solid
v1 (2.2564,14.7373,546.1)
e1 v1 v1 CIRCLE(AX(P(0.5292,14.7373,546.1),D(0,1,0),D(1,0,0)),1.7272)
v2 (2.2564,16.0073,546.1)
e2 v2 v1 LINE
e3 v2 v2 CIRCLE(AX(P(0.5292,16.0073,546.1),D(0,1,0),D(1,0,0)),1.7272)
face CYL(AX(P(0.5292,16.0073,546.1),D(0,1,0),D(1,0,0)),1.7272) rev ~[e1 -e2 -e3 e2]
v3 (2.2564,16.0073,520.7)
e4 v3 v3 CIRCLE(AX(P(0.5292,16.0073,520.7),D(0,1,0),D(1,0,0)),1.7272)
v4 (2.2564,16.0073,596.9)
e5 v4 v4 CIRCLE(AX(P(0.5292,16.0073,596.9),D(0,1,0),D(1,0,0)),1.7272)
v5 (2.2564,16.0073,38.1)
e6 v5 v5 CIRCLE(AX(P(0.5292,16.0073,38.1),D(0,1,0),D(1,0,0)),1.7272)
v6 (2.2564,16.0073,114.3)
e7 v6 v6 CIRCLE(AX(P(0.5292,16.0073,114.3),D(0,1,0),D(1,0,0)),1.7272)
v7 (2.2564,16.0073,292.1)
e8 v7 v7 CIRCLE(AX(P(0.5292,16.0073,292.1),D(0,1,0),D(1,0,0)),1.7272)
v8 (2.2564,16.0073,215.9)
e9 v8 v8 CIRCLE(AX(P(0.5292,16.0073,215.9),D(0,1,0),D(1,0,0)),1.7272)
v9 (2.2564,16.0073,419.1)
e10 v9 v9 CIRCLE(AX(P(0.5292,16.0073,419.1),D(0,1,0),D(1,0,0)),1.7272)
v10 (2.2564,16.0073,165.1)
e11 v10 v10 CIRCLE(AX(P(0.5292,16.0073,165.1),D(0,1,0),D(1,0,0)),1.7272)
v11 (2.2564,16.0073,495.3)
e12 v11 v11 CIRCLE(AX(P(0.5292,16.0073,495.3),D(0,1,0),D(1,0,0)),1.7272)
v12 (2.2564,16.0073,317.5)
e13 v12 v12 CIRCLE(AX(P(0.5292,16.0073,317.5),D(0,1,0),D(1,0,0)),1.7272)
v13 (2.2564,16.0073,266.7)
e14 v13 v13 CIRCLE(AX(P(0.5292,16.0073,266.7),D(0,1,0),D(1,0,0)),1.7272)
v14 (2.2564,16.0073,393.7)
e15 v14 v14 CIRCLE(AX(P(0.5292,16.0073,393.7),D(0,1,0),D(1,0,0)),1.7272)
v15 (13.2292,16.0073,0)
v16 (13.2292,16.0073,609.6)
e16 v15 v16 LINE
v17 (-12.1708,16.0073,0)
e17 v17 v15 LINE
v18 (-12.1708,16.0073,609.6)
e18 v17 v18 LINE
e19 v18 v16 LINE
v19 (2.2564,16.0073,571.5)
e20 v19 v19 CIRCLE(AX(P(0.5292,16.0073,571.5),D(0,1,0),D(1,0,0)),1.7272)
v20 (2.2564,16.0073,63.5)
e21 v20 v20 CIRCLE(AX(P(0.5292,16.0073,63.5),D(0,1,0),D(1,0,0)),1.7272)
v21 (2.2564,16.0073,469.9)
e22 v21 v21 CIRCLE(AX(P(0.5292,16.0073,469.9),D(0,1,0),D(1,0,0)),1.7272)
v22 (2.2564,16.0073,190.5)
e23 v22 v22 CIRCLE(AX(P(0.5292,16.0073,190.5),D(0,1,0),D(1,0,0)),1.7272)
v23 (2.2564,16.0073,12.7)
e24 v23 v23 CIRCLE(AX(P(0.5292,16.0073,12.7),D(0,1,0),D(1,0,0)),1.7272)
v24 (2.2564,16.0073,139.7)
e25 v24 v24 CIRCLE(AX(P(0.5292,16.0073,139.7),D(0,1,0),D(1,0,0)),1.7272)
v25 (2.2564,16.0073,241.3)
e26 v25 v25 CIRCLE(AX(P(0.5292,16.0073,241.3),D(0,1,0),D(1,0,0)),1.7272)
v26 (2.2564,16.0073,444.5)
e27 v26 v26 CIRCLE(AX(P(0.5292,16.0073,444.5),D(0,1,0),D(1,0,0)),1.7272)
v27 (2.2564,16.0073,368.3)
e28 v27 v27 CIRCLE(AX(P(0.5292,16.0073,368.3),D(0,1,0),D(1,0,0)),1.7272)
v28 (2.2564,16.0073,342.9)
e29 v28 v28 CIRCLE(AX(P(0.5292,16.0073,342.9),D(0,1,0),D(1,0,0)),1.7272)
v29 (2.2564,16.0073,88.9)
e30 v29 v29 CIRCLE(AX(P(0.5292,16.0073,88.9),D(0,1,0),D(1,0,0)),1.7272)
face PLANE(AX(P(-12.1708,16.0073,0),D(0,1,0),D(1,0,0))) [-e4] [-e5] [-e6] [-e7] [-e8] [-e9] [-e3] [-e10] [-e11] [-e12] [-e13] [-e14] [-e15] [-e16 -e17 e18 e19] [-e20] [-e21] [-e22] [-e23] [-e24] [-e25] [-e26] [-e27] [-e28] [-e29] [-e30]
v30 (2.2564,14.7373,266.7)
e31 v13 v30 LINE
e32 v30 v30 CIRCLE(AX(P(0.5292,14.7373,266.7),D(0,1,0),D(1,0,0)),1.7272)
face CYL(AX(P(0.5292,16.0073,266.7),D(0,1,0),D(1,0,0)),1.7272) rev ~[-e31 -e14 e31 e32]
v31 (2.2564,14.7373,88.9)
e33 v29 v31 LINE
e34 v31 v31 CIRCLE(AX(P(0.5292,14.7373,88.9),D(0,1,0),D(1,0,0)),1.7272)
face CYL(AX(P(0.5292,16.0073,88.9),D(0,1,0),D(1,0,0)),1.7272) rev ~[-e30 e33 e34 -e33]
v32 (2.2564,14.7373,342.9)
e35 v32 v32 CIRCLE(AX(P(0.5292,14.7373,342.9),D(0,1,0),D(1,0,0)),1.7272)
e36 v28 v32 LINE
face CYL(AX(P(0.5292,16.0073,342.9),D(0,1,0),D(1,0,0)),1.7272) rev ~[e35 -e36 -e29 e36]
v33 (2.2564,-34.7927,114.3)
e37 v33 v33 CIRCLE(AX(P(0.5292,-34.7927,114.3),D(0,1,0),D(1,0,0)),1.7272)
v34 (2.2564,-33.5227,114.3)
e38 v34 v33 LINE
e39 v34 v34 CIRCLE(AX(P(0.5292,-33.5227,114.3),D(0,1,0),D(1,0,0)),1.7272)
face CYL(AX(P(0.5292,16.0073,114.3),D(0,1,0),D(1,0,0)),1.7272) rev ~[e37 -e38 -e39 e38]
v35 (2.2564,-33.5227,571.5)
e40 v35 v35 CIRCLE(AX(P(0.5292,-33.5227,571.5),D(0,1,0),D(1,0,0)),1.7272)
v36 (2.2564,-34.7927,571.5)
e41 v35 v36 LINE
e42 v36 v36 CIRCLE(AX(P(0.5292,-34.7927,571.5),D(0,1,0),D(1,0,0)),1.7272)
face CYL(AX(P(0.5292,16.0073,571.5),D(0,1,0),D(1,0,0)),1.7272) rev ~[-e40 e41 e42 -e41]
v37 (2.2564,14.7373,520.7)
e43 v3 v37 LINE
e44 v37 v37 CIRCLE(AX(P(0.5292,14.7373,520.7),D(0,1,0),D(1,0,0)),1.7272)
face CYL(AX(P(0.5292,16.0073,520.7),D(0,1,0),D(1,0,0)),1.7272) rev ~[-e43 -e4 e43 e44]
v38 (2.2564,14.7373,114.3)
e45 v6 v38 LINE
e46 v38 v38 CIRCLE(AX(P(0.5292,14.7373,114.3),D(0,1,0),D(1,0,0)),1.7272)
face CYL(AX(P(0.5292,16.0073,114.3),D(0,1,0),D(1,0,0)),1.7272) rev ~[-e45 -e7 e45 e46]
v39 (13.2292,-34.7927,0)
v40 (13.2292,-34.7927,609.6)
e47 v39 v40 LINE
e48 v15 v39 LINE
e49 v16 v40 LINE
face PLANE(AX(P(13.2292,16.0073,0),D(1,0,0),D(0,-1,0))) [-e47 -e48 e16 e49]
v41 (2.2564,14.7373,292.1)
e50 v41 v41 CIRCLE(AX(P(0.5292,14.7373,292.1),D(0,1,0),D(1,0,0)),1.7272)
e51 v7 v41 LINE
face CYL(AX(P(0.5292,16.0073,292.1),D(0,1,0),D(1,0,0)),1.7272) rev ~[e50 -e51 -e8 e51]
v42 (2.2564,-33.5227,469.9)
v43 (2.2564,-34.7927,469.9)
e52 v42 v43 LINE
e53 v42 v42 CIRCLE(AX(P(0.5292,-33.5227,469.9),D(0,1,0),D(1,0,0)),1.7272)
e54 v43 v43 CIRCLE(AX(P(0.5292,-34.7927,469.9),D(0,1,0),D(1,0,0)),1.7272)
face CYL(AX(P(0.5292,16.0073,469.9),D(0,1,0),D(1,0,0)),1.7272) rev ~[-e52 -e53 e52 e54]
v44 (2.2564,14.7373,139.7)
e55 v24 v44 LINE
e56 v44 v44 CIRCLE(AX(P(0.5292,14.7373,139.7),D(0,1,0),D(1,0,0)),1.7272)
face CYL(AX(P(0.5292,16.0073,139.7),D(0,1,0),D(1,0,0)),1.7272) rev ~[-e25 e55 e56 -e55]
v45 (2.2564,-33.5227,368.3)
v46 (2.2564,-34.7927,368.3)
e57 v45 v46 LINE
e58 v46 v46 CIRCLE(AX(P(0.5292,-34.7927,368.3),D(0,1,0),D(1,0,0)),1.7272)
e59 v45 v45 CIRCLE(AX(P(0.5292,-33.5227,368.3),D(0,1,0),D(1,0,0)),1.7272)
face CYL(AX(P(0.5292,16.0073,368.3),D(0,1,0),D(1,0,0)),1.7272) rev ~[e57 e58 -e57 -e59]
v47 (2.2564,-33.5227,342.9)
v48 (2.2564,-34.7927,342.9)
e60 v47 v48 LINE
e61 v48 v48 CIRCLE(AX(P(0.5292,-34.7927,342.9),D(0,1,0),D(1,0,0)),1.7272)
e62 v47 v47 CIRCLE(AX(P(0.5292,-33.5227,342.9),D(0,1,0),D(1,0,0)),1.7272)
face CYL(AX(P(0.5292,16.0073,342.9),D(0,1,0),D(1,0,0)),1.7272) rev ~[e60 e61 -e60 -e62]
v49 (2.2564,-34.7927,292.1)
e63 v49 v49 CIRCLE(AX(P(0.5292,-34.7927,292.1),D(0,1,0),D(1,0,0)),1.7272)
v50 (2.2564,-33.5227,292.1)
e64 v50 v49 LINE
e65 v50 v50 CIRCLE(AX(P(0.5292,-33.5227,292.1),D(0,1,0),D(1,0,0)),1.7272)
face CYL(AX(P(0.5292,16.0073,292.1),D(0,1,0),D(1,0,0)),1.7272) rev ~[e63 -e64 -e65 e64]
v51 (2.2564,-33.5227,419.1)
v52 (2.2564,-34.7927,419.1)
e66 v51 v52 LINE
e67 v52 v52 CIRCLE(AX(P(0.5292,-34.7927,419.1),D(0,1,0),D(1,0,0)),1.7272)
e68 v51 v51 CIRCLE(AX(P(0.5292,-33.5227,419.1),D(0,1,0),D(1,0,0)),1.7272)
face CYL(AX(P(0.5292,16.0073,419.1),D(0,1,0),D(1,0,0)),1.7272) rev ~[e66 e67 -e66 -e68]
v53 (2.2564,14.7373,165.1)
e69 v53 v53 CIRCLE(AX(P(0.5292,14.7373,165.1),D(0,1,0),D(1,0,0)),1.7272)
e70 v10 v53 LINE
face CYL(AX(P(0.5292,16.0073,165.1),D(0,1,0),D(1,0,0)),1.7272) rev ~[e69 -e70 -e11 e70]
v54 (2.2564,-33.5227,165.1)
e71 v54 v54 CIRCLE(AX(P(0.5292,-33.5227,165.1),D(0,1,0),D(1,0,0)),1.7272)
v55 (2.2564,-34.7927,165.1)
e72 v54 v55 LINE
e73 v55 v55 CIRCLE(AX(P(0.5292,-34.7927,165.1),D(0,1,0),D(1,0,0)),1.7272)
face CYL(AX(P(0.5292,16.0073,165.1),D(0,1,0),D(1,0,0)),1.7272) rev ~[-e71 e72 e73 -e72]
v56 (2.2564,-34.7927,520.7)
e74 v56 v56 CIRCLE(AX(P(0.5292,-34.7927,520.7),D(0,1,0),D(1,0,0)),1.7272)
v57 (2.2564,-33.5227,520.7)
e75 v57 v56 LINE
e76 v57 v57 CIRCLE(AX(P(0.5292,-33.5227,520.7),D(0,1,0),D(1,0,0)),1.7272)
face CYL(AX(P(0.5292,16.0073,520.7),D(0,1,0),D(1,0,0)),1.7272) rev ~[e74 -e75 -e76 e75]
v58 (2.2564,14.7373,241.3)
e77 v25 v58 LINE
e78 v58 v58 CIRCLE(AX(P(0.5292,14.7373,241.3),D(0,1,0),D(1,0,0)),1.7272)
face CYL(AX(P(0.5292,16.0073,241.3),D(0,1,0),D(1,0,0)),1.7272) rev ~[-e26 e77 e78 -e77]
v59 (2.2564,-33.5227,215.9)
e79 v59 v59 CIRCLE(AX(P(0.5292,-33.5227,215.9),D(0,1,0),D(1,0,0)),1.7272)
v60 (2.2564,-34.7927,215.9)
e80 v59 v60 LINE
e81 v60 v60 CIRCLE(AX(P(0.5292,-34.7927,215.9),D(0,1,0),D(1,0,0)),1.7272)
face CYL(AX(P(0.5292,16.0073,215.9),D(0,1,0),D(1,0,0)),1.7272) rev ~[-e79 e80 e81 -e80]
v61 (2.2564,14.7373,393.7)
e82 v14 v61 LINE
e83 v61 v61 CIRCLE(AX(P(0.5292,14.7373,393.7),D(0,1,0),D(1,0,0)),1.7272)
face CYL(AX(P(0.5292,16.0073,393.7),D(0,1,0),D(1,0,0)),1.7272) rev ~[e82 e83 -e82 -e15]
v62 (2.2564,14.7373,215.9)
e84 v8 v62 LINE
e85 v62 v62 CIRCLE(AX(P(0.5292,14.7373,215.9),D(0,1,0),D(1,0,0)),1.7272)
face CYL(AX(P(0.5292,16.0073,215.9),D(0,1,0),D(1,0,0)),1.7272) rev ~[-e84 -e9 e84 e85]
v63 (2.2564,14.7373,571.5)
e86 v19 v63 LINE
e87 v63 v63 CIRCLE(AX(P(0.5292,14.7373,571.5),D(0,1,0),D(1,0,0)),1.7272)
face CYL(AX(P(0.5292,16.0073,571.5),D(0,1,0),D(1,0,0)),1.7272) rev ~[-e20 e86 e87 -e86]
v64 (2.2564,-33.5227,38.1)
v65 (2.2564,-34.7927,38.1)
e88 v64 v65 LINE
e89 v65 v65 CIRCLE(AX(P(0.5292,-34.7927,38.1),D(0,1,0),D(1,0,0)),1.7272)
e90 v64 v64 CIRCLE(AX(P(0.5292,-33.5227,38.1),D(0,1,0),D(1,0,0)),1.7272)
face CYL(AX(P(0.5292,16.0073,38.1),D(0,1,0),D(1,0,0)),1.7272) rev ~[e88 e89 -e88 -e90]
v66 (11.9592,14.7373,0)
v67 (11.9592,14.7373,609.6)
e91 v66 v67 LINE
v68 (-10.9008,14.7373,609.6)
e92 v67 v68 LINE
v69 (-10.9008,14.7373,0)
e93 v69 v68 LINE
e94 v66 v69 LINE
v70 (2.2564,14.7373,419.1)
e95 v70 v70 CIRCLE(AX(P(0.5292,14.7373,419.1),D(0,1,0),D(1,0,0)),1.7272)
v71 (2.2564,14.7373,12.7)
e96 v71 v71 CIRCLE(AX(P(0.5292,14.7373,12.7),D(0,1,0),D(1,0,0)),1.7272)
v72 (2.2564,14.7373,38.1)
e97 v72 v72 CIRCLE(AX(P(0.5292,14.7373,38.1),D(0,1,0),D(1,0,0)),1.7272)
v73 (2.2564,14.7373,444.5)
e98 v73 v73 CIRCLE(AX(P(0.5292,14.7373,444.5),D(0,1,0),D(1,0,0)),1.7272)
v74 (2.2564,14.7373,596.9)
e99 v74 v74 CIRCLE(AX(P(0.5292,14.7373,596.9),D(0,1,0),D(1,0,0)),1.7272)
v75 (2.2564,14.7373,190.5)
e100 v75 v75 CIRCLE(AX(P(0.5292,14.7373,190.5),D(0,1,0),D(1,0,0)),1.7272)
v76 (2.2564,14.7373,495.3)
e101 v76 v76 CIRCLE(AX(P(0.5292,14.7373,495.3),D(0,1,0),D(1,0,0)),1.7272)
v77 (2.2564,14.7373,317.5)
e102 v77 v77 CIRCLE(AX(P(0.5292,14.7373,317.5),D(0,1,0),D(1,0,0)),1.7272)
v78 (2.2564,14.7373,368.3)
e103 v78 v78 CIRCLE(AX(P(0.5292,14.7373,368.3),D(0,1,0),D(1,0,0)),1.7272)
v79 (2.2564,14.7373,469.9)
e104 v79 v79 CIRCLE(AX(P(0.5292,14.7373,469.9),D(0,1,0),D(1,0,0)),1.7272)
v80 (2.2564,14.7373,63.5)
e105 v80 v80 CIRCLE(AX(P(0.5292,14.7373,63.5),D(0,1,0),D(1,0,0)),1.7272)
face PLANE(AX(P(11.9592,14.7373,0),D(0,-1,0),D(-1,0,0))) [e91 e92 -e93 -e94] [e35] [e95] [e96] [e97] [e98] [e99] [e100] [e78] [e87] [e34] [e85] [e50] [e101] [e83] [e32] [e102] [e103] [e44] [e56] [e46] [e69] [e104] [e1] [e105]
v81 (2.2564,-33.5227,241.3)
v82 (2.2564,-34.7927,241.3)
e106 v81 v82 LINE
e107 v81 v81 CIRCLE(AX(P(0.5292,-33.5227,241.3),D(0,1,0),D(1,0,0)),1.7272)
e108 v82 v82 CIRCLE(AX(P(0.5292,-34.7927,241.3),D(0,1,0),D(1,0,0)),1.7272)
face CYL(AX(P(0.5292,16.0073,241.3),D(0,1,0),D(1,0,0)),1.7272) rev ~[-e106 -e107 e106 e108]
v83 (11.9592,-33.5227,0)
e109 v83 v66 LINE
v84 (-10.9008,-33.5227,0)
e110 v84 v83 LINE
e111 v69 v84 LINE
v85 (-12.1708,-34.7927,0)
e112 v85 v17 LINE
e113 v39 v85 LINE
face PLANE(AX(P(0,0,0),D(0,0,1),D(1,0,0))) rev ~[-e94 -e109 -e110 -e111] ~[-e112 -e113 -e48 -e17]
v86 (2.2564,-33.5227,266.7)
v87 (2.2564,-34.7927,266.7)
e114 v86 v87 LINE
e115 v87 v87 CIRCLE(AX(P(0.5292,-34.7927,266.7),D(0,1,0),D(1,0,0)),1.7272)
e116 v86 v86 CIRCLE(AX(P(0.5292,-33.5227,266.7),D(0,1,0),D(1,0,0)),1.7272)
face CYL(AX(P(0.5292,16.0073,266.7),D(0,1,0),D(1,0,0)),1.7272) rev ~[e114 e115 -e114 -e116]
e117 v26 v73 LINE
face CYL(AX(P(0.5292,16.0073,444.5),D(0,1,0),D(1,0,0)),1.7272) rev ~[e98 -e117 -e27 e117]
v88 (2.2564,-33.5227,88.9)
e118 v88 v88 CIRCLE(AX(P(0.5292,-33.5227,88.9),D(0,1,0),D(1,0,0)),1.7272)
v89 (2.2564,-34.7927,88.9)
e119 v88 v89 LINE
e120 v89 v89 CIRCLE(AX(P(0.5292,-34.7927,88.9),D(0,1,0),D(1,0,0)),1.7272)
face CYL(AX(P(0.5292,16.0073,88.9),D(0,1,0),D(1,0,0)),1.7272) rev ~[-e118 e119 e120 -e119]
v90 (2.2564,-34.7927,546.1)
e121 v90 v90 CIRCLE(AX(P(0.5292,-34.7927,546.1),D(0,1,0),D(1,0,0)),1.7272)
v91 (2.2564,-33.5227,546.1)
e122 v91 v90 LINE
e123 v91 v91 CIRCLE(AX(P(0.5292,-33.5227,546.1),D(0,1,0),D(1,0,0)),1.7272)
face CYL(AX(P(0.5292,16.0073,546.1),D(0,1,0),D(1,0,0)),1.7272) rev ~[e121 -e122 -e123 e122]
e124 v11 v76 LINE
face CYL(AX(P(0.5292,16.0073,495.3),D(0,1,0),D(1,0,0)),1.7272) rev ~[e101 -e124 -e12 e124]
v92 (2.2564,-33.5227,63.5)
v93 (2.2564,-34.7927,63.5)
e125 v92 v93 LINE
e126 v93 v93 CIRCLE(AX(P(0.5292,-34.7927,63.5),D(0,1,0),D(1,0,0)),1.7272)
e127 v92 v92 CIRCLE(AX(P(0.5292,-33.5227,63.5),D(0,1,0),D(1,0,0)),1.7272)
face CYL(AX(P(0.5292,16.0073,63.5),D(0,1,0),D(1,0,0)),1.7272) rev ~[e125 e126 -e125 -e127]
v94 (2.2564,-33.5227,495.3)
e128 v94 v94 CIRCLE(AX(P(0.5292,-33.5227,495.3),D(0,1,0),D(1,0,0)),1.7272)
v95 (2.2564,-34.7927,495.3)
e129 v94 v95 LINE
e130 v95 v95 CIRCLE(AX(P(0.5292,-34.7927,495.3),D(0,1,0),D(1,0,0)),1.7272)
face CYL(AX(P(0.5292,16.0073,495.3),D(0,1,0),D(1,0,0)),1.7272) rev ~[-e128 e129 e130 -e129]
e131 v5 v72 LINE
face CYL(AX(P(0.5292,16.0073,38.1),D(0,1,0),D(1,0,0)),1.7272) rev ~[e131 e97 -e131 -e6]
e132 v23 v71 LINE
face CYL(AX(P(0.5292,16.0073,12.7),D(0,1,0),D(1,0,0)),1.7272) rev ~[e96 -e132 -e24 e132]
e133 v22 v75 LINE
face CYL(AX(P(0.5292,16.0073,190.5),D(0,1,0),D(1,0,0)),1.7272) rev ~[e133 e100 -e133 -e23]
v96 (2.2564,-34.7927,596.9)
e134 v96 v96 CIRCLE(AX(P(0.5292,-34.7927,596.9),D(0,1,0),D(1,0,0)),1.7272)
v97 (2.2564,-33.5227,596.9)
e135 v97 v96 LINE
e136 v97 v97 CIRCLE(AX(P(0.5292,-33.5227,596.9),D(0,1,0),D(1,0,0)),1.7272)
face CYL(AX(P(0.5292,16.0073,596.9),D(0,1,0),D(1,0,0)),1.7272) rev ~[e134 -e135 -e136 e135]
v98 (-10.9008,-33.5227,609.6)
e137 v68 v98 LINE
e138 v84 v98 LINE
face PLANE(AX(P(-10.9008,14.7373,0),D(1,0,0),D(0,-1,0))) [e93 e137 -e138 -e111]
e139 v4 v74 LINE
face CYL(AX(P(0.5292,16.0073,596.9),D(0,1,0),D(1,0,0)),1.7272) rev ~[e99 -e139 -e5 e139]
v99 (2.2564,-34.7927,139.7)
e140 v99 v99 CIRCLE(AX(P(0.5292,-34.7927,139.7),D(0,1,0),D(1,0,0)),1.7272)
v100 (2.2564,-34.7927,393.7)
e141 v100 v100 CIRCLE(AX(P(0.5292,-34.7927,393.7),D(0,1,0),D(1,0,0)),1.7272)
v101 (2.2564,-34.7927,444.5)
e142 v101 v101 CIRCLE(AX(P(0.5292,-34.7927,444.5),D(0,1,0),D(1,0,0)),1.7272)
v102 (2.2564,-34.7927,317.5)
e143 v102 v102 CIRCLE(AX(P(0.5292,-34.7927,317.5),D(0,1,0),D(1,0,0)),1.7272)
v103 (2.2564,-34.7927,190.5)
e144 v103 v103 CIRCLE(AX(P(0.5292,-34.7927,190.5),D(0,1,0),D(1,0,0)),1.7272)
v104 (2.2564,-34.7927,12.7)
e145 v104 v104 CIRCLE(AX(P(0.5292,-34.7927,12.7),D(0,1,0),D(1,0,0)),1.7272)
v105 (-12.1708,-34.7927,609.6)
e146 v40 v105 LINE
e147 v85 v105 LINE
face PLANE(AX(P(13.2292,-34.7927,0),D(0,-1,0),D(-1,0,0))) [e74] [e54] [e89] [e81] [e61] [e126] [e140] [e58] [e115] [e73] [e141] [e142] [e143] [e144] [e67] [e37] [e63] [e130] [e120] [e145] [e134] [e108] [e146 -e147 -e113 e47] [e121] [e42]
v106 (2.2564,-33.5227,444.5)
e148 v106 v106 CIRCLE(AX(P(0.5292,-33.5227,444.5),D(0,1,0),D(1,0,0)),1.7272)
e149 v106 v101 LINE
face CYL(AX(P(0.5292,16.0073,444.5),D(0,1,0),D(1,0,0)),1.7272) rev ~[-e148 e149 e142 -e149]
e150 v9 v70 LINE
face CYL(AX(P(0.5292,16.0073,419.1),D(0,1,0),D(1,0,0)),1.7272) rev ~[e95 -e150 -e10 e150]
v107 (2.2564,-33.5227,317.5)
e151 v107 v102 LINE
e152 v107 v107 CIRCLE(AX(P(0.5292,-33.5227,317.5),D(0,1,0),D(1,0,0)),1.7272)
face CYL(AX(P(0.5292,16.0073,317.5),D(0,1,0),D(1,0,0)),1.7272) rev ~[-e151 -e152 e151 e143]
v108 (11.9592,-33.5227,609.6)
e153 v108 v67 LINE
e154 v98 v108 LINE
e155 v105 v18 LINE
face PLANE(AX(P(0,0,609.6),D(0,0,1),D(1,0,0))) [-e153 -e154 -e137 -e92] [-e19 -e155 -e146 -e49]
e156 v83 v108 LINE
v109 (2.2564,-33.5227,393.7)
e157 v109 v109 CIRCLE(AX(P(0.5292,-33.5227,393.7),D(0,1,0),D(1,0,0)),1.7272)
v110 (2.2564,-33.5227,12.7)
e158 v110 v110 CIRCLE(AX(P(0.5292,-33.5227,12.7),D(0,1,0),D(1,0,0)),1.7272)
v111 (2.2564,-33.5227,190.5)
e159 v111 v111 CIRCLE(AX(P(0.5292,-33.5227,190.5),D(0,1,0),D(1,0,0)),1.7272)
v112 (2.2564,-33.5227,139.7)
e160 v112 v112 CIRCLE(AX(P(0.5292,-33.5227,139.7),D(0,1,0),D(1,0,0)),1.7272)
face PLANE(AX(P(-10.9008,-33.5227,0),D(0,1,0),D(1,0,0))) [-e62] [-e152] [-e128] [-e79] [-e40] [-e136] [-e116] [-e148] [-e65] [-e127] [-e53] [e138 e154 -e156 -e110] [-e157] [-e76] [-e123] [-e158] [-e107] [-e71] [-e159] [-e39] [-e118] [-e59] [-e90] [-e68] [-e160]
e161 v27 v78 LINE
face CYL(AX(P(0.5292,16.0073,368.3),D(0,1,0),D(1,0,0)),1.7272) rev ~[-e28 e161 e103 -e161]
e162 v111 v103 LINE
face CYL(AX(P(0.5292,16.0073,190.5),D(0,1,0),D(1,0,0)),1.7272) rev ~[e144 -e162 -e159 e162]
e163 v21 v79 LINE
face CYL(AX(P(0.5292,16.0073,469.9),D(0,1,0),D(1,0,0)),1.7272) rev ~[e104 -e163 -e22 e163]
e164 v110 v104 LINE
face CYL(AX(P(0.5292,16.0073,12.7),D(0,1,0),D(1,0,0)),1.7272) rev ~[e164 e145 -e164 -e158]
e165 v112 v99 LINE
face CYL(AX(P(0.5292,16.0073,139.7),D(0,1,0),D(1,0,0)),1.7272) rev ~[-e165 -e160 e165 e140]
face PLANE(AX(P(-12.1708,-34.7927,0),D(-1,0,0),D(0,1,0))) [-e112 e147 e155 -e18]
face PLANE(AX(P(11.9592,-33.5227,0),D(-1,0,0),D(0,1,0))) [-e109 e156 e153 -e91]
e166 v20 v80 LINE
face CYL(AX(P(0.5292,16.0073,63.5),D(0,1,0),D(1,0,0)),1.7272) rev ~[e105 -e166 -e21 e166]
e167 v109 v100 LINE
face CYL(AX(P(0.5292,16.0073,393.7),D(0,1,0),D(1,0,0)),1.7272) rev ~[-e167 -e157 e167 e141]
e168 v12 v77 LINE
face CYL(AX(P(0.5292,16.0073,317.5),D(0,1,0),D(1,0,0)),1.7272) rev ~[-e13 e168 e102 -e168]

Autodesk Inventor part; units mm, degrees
ref_plane "YZ Plane" through (0, 0, 0) normal (1, 0, 0) x (0, 1, 0)
ref_plane "XZ Plane" through (0, 0, 0) normal (0, 1, 0) x (-1, 0, 0)
ref_plane "XY Plane" through (0, 0, 0) normal (0, 0, 1) x (1, 0, 0)
sketch "Sketch1" plane through (0, 0, 0) normal (0, 0, 1) x (1, 0, 0)
  line L0 (-12.1708, 16.0073) -> (13.2292, 16.0073)
  line L1 (13.2292, 16.0073) -> (13.2292, -34.7927)
  line L2 (13.2292, -34.7927) -> (-12.1708, -34.7927)
  line L3 (-12.1708, -34.7927) -> (-12.1708, 16.0073)
  line L4 (11.9592, 14.7373) -> (-10.9008, 14.7373)
  line L5 (-10.9008, 14.7373) -> (-10.9008, -33.5227)
  line L6 (-10.9008, -33.5227) -> (11.9592, -33.5227)
  line L7 (11.9592, -33.5227) -> (11.9592, 14.7373)
  point P0 (0, 0)
  dimension "d0" = 25.4
  dimension "d1" = 50.8
  dimension "d2" = 1.27
extrude "Extrusion1" add sketch "Sketch1" along normal blind 609.6
sketch "Sketch2" plane through (-12.1708, 16.0073, 0) normal (0, 1, 0) x (1, 0, 0)
  circle A0 centre (12.7, -12.7) radius 1.7272
  line L0 (25.4, 0) -> (0, 0) projected
  line L1 (0, 0) -> (0, -609.6) projected
  point P0 (12.1708, 0)
  dimension "d5" = 3.4544
  dimension "d6" = 12.7
  dimension "d7" = 12.7
extrude "Extrusion2" cut sketch "Sketch2" against normal through all
pattern_linear "Rectangular Pattern1" count 61 spacing 25.4 along (0, 0, 1) of "Extrusion2"
equation "\"d3\" = d13"
equation "\"d10\" = d14"
equation "\"d13\" = 609.6"
equation "\"d14\" = d13"
properties part number "Elevator Versaframe"
